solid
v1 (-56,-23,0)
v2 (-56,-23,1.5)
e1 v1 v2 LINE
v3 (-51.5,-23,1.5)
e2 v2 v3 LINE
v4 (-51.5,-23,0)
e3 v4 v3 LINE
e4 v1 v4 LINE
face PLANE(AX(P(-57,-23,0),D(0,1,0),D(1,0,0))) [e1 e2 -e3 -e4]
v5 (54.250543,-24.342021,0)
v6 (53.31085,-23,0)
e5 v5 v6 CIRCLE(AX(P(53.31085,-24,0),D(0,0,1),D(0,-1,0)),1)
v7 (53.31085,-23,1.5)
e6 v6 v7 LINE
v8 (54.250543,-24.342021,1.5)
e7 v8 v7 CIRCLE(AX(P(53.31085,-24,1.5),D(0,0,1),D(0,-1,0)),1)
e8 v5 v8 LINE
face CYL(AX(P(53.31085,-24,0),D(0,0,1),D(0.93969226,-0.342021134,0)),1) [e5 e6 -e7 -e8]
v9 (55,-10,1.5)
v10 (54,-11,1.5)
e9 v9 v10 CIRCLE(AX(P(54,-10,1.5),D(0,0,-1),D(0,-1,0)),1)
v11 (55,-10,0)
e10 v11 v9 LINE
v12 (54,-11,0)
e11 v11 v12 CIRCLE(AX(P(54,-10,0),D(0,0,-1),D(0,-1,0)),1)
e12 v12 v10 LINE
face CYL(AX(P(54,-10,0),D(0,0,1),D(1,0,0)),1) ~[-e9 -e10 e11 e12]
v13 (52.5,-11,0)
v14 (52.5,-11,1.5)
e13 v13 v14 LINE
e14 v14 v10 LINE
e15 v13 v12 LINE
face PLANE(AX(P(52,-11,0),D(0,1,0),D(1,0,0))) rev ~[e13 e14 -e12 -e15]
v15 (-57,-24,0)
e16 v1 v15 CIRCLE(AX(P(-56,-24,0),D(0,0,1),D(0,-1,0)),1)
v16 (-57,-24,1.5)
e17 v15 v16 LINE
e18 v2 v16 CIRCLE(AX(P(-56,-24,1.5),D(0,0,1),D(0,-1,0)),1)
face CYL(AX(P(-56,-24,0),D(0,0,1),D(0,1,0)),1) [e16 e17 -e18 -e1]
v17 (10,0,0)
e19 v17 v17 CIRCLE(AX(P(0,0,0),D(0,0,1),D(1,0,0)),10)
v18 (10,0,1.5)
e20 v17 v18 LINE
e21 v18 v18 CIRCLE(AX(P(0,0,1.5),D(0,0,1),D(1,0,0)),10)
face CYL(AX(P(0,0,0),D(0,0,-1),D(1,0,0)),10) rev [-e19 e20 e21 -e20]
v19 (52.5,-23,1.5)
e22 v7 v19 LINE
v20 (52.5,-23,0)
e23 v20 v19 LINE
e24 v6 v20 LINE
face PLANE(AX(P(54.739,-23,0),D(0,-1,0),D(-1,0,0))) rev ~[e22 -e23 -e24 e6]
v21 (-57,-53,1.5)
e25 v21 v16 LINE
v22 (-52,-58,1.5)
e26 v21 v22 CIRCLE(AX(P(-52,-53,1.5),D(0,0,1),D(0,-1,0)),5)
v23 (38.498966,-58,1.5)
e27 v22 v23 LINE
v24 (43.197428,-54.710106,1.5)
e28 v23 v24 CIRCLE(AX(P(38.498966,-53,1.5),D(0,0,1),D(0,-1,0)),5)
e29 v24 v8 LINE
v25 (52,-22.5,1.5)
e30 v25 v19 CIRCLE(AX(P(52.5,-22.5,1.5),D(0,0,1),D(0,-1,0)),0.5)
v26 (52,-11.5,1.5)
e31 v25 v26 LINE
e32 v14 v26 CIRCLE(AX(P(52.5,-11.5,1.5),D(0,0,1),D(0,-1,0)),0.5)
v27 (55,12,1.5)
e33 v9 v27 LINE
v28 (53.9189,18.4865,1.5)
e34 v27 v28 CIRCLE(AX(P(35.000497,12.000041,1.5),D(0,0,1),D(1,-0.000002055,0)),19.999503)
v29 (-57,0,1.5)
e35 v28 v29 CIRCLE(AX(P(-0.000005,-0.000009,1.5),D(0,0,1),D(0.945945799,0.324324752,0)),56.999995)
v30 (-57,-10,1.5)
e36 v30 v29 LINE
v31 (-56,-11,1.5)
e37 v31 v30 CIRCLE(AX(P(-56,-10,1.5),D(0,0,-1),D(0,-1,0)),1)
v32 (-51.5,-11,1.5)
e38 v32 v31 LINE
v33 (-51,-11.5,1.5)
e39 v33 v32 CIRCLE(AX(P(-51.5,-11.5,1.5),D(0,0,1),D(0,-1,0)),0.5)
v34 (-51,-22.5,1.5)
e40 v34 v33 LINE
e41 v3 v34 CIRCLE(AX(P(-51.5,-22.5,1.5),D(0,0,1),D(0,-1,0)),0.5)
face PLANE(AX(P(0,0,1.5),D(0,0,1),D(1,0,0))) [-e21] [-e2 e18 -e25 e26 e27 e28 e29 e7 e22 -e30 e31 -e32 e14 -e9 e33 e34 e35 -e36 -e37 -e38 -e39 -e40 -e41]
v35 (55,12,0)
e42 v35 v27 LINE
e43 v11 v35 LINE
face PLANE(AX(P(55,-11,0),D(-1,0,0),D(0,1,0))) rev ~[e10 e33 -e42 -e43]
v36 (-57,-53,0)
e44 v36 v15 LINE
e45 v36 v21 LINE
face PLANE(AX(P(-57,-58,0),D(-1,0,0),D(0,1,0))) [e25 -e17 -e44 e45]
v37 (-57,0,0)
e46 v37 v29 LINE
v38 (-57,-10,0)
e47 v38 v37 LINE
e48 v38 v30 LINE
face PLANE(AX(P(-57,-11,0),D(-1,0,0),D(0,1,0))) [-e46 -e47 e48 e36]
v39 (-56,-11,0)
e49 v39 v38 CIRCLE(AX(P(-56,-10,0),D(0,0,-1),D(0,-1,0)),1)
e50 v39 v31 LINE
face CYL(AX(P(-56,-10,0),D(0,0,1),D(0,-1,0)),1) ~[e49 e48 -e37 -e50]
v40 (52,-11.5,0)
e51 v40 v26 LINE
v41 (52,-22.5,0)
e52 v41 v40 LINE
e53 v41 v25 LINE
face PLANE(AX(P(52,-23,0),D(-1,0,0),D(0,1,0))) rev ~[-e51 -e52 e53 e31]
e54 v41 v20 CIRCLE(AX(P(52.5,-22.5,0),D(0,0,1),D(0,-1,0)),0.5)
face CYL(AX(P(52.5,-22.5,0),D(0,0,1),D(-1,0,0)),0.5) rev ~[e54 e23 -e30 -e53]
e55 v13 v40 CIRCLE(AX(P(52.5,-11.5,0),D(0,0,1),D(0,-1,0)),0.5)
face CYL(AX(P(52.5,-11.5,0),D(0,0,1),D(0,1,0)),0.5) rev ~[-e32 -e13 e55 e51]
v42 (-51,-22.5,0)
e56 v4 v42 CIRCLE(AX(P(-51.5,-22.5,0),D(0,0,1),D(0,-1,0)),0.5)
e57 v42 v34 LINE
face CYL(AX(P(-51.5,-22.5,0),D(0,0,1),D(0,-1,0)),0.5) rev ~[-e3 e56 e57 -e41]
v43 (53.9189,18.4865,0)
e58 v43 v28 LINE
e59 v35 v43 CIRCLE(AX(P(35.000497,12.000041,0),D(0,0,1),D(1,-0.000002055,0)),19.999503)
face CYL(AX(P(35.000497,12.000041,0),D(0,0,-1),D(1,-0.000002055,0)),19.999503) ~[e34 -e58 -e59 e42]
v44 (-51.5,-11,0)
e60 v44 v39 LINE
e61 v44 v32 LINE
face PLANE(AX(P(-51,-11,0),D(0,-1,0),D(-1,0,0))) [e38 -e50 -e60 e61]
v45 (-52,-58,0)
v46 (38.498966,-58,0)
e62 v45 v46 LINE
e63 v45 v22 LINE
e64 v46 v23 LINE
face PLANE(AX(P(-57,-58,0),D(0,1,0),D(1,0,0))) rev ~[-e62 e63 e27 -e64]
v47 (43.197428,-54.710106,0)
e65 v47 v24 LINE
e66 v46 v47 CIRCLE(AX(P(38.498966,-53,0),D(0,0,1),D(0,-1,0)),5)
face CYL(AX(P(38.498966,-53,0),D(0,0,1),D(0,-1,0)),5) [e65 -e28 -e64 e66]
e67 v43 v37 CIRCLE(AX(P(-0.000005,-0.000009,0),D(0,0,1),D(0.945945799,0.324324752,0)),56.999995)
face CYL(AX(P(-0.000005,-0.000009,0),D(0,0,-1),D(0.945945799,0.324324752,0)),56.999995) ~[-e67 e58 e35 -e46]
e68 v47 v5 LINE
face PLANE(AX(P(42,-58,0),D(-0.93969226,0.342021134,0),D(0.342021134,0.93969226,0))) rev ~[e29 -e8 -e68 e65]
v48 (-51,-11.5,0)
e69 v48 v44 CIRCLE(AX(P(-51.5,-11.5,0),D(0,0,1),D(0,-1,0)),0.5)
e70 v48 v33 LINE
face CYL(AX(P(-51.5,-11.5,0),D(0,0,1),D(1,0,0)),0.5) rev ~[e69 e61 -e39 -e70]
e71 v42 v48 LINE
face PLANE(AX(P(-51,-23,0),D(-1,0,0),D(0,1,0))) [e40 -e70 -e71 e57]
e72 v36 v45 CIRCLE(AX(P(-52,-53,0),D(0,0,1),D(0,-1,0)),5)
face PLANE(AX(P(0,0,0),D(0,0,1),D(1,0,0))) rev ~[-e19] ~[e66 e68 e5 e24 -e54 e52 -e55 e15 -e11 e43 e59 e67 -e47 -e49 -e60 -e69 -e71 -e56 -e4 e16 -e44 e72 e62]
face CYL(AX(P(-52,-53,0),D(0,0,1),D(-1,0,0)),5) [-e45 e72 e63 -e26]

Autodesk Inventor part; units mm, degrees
ref_plane "YZ Plane" through (0, 0, 0) normal (1, 0, 0) x (0, 1, 0)
ref_plane "XZ Plane" through (0, 0, 0) normal (0, 1, 0) x (-1, 0, 0)
ref_plane "XY Plane" through (0, 0, 0) normal (0, 0, 1) x (1, 0, 0)
sketch "Sketch1" plane through (0, 0, 0) normal (0, 0, 1) x (1, 0, 0)
  circle A0 centre (0, 0) radius 10
  line L0 (-57, -58) -> (42, -58)
  line L1 (42, -58) -> (54.739, -23)
  line L2 (54.739, -23) -> (52, -23)
  line L3 (52, -23) -> (52, -11)
  line L4 (52, -11) -> (55, -11)
  line L5 (55, -11) -> (55, 12)
  line L6 (-57, -58) -> (-57, -23)
  line L7 (-57, -23) -> (-51, -23)
  line L8 (-51, -23) -> (-51, -11)
  line L9 (-51, -11) -> (-57, -11)
  line L10 (-57, -11) -> (-57, 0)
  arc A1 (53.9189, 18.4865) -> (-57, 0) centre (0, 0) ccw
  arc A2 (55, 12) -> (53.9189, 18.4865) centre (35, 12) ccw
  dimension "d0" = 20
  dimension "d1" = 57
  dimension "d2" = 20
  dimension "d3" = 99
  dimension "d4" = 6
  dimension "d5" = 110
  dimension "d6" = 3
  dimension "d7" = 12
  dimension "d8" = 58
  dimension "d9" = 12
  dimension "d10" = 55
  dimension "d11" = 47
extrude "Extrusion1" add sketch "Sketch1" along normal blind 1.5
fillet "Fillet1" radius 0.5 4 edges at (52, -23, 0.75) (52, -11, 0.75) (-51, -11, 0.75) (-51, -23, 0.75)
fillet "Fillet2" radius 1 4 edges at (-57, -11, 0.75) (-57, -23, 0.75) (55, -11, 0.75) (54.739, -23, 0.75)
fillet "Fillet3" radius 5 2 edges at (42, -58, 0.75) (-57, -58, 0.75)
properties part number "NPT Flange Outer"
